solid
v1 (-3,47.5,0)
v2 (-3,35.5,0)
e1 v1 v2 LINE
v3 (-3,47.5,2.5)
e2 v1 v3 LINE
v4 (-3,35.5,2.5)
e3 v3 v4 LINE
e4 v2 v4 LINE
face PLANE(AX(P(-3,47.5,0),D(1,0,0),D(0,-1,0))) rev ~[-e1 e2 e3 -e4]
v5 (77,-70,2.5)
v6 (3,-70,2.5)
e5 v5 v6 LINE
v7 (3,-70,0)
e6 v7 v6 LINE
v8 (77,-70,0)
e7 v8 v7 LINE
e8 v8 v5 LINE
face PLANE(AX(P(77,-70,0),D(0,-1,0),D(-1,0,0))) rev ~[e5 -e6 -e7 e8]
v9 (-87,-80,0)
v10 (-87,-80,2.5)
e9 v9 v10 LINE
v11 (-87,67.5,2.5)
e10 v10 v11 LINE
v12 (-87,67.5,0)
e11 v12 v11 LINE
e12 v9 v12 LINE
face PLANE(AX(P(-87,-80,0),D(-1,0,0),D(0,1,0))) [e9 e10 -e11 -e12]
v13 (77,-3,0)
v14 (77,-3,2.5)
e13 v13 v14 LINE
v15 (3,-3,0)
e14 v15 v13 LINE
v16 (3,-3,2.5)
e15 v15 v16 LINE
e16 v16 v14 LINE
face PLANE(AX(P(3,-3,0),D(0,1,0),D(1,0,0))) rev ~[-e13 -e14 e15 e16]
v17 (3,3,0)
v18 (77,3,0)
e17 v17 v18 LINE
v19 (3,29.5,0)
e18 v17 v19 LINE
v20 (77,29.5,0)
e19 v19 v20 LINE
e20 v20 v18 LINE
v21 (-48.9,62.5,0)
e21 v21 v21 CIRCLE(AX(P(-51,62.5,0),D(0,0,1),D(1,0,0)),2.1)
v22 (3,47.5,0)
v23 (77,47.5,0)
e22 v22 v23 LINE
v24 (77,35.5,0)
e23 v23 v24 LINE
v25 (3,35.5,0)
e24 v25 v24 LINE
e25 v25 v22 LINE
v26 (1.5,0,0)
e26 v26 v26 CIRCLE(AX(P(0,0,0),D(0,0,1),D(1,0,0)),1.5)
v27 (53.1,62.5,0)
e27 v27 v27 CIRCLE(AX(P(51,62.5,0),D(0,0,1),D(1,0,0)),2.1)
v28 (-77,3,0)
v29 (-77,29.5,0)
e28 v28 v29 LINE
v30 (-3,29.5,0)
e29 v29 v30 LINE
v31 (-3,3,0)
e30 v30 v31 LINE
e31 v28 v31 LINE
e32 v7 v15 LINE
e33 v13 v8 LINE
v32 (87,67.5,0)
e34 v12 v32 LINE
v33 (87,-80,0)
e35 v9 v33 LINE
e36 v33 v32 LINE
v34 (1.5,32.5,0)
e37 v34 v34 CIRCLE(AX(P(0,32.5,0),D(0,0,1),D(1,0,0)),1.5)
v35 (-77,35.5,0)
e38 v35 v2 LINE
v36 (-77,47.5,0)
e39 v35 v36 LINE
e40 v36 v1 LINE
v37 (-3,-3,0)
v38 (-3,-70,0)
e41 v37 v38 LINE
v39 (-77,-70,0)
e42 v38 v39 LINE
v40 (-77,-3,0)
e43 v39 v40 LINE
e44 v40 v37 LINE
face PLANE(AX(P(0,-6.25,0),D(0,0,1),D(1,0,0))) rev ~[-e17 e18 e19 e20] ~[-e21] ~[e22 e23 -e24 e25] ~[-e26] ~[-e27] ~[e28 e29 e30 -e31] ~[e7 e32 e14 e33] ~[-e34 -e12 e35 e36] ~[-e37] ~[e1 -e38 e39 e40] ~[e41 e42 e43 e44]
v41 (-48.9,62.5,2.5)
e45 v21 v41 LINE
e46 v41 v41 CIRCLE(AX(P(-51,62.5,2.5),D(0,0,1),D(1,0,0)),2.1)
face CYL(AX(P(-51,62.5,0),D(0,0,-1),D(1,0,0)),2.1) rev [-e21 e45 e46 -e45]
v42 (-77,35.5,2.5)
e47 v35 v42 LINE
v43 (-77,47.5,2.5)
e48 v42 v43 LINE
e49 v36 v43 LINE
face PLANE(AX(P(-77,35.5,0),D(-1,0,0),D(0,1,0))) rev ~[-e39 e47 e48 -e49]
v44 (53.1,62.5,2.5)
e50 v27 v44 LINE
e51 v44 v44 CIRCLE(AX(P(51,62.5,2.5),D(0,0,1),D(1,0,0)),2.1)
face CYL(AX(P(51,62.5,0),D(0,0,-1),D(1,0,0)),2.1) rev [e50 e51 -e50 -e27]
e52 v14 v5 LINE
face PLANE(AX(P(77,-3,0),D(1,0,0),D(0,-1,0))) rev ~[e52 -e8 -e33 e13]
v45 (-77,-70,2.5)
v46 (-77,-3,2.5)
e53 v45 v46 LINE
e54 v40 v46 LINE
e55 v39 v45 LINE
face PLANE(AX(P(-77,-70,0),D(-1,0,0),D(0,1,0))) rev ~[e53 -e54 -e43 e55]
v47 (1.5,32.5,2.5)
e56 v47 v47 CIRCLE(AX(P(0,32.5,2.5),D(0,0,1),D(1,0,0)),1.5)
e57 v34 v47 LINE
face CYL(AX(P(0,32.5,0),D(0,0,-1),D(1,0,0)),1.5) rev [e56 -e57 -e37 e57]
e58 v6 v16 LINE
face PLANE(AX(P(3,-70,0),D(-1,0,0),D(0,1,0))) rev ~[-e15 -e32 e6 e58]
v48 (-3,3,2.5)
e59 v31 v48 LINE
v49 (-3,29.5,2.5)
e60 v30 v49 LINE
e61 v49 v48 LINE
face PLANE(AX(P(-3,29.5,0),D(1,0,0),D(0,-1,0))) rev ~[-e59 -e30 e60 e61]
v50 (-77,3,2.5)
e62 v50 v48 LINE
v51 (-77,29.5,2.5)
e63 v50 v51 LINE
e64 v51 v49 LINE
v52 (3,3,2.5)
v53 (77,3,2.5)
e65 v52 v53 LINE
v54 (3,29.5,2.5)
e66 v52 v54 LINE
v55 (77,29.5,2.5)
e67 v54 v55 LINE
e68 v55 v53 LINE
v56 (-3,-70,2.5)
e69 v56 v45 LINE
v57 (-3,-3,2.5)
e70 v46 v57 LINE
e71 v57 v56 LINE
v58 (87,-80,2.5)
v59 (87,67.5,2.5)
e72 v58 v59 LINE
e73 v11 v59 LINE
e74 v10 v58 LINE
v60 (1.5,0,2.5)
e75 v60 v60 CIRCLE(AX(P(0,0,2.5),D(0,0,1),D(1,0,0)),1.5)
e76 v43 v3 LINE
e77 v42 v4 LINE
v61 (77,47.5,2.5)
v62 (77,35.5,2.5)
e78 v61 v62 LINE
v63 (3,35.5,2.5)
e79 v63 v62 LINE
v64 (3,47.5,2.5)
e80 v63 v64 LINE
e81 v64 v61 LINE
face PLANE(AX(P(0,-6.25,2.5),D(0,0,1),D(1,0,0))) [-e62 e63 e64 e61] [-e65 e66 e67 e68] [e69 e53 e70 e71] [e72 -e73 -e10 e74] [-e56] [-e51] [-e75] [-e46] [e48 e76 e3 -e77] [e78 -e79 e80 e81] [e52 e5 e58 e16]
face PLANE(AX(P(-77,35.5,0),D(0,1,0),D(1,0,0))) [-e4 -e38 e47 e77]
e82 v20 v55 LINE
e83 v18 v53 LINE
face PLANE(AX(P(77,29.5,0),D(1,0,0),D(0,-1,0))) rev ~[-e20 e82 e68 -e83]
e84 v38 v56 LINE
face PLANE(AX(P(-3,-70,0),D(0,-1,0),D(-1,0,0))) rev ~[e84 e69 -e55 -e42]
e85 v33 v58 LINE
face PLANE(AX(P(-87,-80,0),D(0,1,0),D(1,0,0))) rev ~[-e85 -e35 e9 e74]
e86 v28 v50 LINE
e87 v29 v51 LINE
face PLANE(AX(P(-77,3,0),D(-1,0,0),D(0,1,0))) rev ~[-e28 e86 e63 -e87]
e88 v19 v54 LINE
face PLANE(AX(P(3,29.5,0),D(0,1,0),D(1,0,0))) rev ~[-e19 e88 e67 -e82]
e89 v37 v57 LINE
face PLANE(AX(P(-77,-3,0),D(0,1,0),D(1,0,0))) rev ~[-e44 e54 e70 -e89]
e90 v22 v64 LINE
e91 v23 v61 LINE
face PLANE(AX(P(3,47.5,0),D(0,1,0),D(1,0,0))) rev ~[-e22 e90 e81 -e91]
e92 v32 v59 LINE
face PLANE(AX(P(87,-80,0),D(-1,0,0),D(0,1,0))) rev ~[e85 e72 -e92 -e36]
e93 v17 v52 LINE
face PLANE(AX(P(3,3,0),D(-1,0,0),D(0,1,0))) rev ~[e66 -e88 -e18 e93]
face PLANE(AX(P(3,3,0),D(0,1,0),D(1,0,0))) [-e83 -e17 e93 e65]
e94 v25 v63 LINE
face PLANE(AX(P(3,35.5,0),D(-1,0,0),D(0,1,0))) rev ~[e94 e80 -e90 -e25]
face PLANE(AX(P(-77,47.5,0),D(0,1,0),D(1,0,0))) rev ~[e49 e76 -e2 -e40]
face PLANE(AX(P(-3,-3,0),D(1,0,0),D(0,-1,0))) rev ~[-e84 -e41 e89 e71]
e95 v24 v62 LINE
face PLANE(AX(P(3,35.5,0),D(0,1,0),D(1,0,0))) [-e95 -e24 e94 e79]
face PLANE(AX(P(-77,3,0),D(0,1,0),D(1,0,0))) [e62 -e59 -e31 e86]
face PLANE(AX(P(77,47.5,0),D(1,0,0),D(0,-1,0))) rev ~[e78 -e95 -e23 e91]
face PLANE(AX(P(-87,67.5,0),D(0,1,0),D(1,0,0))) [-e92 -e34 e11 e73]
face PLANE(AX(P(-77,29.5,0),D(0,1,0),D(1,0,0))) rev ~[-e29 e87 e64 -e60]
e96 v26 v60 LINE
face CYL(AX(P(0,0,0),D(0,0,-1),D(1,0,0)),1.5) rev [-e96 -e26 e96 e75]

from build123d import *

# Parameters (mm, degrees)
F0_W     = 174
F0_H     = 147.5
F0_R     = 2.1
F0_W_2   = 6
F0_H_2   = 6
F0_R_2   = 1.5
F0_H_3   = 26.5
F0_W_3   = 74
F1_DEPTH = 2.5


with BuildPart() as f1:
    # F0 (on Top) → F1 (new body)
    with BuildSketch(Plane.XY):
        with Locations((0, -6.25)):
            Rectangle(F0_W, F0_H)
        Polygon((77, -3), (77, -70), (3, -70), (3, -3), (-3, -3), (-3, -70), (-77, -70), (-77, -3), (-77, 3), (-77, 29.5), (-77, 35.5), (-77, 47.5), (-3, 47.5), (-3, 35.5), (3, 35.5), (3, 47.5), (77, 47.5), (77, 35.5), (77, 29.5), (77, 3), align=None, mode=Mode.SUBTRACT)
        with Locations((-51, 62.5)):
            Circle(F0_R, mode=Mode.SUBTRACT)
        with Locations((51, 62.5)):
            Circle(F0_R, mode=Mode.SUBTRACT)
        with Locations((0, 32.5)):
            Rectangle(F0_W_2, F0_H_2)
        with Locations((0, 32.5)):
            Circle(F0_R_2, mode=Mode.SUBTRACT)
        with Locations((0, 16.25)):
            Rectangle(F0_W_2, F0_H_3)
        Rectangle(F0_W_2, F0_H_2)
        Circle(F0_R_2, mode=Mode.SUBTRACT)
        with Locations((40, 0)):
            Rectangle(F0_W_3, F0_H_2)
        with Locations((-40, 0)):
            Rectangle(F0_W_3, F0_H_2)
        with Locations((-40, 32.5)):
            Rectangle(F0_W_3, F0_H_2)
        with Locations((40, 32.5)):
            Rectangle(F0_W_3, F0_H_2)
    extrude(amount=F1_DEPTH)


solid = f1.part
